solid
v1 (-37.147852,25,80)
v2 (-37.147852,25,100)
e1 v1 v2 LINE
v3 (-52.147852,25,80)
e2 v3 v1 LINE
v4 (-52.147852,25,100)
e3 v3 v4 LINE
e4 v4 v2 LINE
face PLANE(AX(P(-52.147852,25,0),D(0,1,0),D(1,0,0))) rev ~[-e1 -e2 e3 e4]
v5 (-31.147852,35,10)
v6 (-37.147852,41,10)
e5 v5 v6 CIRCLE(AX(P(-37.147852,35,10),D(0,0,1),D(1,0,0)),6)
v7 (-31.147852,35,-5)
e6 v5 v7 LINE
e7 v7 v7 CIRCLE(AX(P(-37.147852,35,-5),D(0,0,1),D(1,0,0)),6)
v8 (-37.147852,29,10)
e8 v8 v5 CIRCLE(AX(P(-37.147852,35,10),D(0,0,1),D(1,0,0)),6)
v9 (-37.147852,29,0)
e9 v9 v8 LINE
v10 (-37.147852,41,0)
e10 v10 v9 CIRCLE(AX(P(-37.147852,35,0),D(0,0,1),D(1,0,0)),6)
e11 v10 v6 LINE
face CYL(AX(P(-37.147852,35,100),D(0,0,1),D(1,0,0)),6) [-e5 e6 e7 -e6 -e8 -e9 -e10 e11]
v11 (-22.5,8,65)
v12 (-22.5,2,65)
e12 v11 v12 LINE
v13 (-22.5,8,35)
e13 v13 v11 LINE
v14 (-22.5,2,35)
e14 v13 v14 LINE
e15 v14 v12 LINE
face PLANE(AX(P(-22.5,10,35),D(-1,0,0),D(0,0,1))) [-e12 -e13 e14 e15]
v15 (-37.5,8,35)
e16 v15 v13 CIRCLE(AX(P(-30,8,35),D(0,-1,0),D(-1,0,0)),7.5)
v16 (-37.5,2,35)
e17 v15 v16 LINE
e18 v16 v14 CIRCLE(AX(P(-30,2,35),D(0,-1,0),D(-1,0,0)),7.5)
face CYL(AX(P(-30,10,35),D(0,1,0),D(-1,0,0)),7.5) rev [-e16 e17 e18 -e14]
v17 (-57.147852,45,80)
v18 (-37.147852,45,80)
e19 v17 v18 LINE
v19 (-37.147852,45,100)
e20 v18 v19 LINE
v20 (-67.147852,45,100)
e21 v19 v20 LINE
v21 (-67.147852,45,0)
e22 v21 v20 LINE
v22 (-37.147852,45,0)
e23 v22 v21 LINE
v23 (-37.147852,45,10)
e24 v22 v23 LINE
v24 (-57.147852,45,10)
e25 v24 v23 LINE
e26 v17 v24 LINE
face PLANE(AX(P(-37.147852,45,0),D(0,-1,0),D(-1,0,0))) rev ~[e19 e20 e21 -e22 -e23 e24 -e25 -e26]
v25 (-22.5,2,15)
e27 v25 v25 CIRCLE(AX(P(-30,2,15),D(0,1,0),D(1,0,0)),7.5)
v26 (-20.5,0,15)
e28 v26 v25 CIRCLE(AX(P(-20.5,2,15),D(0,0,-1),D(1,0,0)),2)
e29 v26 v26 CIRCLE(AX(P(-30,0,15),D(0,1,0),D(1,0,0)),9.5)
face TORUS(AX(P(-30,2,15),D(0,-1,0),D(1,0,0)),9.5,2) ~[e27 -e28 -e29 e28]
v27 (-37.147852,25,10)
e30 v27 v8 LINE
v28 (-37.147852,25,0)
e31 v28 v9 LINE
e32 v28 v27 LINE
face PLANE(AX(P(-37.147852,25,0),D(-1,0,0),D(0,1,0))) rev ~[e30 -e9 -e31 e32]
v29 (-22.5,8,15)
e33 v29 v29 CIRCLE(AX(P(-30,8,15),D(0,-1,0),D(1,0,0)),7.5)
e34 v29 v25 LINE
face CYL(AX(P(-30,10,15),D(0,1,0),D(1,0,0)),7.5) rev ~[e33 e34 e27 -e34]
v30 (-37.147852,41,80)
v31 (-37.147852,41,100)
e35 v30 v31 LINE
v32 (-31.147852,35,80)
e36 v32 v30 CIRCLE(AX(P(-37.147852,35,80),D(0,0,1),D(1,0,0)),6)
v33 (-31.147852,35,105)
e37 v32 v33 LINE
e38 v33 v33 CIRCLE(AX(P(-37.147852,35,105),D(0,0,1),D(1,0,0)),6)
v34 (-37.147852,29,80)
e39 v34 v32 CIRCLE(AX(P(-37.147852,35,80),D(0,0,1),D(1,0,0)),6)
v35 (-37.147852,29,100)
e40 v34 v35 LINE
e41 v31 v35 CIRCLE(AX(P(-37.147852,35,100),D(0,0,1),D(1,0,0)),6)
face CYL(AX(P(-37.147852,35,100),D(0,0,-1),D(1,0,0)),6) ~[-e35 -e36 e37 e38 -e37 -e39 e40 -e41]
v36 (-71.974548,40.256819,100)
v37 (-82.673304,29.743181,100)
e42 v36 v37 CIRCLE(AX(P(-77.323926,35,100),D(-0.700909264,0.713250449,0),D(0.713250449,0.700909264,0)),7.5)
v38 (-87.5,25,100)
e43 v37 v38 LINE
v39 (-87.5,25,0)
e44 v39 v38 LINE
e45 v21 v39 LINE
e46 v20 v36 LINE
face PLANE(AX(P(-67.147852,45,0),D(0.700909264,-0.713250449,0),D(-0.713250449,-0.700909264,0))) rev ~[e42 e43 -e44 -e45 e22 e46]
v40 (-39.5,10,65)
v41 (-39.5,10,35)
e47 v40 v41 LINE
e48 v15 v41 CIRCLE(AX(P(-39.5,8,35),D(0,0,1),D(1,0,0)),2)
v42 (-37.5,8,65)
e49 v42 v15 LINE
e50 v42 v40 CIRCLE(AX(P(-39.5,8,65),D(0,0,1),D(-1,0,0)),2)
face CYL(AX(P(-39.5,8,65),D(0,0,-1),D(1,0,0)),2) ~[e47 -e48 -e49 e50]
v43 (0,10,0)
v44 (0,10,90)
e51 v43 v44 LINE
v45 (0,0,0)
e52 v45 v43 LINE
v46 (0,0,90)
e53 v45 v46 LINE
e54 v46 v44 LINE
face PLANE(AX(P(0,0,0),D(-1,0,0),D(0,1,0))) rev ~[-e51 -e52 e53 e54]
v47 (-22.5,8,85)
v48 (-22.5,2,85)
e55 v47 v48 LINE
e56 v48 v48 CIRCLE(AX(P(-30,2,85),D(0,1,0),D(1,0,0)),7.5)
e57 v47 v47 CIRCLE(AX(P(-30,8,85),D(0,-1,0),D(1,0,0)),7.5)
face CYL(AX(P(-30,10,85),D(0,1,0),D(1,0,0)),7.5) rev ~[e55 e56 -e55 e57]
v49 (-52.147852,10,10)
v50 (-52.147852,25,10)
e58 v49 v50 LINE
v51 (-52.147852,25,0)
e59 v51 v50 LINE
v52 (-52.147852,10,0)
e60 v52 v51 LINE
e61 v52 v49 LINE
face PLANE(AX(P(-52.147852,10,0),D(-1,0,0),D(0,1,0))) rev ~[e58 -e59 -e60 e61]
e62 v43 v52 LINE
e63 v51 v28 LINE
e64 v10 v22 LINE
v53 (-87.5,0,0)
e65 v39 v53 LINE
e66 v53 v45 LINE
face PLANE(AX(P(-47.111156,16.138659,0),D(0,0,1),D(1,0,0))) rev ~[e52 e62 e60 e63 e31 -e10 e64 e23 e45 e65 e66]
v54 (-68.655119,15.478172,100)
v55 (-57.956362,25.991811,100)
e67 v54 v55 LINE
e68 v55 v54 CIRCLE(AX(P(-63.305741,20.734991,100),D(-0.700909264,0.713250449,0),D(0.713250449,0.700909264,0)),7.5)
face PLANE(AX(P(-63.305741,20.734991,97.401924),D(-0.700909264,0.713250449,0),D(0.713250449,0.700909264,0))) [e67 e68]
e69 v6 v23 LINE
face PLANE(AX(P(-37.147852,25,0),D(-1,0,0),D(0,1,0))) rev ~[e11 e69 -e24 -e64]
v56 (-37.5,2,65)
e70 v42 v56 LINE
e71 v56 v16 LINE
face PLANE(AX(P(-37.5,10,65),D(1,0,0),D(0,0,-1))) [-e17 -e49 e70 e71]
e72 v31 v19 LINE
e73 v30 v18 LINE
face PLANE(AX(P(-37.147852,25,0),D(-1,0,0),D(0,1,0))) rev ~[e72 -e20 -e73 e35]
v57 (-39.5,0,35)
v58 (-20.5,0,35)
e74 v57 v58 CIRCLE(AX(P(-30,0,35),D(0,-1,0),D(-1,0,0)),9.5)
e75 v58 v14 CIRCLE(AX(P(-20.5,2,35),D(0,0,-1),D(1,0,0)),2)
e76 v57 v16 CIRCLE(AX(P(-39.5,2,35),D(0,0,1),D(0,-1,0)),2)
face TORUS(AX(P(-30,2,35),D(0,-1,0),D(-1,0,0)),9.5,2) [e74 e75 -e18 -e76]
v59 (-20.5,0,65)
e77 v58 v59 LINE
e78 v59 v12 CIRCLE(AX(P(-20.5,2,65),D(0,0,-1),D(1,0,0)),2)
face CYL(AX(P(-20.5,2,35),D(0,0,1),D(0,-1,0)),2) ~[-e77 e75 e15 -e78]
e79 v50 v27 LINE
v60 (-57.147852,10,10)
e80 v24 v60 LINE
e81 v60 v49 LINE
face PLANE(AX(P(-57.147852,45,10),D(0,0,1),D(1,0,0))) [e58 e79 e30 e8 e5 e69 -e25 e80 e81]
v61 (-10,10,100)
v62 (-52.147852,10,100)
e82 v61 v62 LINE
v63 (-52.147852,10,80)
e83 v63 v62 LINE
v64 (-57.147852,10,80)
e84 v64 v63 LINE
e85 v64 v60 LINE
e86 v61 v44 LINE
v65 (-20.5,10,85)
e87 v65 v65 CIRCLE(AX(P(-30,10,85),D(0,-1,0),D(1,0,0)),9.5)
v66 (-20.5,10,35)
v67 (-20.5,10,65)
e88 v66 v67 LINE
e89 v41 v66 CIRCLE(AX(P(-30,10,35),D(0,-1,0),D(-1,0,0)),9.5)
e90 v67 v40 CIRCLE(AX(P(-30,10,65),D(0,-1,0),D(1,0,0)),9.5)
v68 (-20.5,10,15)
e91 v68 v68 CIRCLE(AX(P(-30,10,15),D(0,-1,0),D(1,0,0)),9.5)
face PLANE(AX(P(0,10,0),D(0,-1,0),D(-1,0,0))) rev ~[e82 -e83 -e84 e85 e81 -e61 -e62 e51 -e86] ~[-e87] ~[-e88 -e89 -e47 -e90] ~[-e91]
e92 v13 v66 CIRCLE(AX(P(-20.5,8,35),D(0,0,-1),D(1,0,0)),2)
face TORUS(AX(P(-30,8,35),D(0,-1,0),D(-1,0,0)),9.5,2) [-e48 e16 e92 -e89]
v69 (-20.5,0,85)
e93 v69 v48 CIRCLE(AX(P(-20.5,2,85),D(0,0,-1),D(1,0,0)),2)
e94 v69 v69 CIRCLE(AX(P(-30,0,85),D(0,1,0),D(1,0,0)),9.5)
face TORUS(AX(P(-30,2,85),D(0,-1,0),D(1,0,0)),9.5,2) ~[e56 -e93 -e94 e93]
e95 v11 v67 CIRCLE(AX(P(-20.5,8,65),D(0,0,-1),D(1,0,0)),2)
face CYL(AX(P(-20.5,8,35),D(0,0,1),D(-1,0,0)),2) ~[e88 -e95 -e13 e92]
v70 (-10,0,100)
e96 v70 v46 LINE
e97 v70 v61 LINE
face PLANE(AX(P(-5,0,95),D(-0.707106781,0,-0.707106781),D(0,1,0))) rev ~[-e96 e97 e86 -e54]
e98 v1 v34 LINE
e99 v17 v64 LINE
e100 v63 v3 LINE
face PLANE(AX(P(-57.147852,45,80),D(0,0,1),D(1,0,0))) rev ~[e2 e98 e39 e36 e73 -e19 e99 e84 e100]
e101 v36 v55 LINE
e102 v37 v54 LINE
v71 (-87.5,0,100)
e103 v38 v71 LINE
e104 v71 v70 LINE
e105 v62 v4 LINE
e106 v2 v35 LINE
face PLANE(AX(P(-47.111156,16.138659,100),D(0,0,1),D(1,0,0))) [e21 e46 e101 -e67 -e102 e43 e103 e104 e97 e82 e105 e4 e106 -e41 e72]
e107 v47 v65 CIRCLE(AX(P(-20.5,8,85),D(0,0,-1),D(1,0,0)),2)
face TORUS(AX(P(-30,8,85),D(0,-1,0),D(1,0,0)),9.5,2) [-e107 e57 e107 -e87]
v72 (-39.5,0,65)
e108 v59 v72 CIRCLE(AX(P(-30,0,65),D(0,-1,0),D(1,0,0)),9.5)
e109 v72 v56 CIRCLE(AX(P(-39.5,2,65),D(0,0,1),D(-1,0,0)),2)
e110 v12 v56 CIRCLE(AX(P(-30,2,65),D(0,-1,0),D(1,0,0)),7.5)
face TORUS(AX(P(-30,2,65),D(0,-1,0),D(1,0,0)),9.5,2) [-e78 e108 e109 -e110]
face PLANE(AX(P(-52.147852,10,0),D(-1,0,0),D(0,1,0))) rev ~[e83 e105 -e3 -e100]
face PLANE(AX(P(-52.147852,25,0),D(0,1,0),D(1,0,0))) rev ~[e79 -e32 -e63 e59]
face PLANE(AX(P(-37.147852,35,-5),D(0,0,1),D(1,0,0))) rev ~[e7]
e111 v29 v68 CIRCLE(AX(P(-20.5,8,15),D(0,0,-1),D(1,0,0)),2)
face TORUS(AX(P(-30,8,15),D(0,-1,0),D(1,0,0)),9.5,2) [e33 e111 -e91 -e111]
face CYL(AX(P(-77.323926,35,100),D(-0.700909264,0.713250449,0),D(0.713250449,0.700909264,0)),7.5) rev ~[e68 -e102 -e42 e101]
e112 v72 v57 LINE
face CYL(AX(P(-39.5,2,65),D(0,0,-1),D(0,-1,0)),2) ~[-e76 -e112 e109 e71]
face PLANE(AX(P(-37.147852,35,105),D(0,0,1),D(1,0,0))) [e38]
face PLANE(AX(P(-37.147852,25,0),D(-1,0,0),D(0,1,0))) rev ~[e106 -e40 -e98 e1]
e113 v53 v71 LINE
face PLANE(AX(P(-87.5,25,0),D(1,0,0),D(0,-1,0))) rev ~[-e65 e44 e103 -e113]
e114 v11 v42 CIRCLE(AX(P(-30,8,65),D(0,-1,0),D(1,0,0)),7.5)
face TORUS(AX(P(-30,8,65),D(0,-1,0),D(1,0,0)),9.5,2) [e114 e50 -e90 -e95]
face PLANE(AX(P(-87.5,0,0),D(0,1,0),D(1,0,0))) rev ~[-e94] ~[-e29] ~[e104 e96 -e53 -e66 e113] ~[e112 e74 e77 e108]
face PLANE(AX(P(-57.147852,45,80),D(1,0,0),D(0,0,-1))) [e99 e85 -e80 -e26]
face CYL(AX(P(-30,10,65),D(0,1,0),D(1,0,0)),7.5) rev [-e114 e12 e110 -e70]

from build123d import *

# Parameters (mm, degrees)
BOSS_EXTRUDE1_DEPTH      = 100
SKETCH2_R                = 6
BOSS_EXTRUDE3_DEPTH      = 5
BOSS_EXTRUDE3_DEPTH_BACK = 105
SKETCH3_W                = 26
SKETCH3_H                = 70
CUT_EXTRUDE2_DEPTH       = 35
SKETCH4_R                = 7.5
CUT_EXTRUDE3_DEPTH       = 10
CUT_EXTRUDE4_DEPTH       = 20
CHAMFER1_SIZE            = 10
FILLET1_R                = 2


with BuildPart() as part:
    # Sketch1 → Boss-Extrude1 (new body)
    with BuildSketch(Plane.XY):
        Polygon((-87.5, 0), (0, 0), (0, 10), (-52.147852141, 10), (-52.147852141, 25), (-37.147852141, 25), (-37.147852141, 45), (-67.147852141, 45), (-87.5, 25), align=None)
    extrude(amount=BOSS_EXTRUDE1_DEPTH)

    # Sketch2 → Boss-Extrude3 (add, two sides)
    with BuildSketch(Plane.XY.offset(100)) as boss_extrude3_sk:
        with Locations((-37.147852141, 35)):
            Circle(SKETCH2_R)
    extrude(amount=BOSS_EXTRUDE3_DEPTH)
    extrude(boss_extrude3_sk.sketch, amount=-BOSS_EXTRUDE3_DEPTH_BACK)

    # Sketch3 → Cut-Extrude2 (cut)
    with BuildSketch(Plane(origin=(0, 45, 0), x_dir=(1, 0, 0), z_dir=(0, 1, 0))):
        with Locations((-44.147852141, -45)):
            Rectangle(SKETCH3_W, SKETCH3_H)
    extrude(amount=-CUT_EXTRUDE2_DEPTH, mode=Mode.SUBTRACT)

    # Sketch4 → Cut-Extrude3 (cut)
    with BuildSketch(Plane(origin=(0, 10, 0), x_dir=(1, 0, 0), z_dir=(0, 1, 0))):
        with Locations((-30, -85)):
            Circle(SKETCH4_R)
        with Locations((-30, -15)):
            Circle(SKETCH4_R)
        with BuildLine():
            Line((-37.5, -65), (-37.5, -35))
            ThreePointArc((-37.5, -35), (-30, -27.5), (-22.5, -35))
            Line((-22.5, -35), (-22.5, -65))
            ThreePointArc((-22.5, -65), (-30, -72.5), (-37.5, -65))
        make_face()
    extrude(amount=-CUT_EXTRUDE3_DEPTH, mode=Mode.SUBTRACT)

    # Sketch5 → Cut-Extrude4 (cut)
    with BuildSketch(Plane(origin=(-55.484553408, 56.461491744, 0), x_dir=(0.713250449, 0.700909264, 0), z_dir=(-0.700909264, 0.713250449, 0))):
        with BuildLine():
            Line((-38.119500749, -100), (-23.119500749, -100))
            ThreePointArc((-23.119500749, -100), (-30.619500749, -92.5), (-38.119500749, -100))
        make_face()
    extrude(amount=-CUT_EXTRUDE4_DEPTH, mode=Mode.SUBTRACT)

    # Chamfer1
    chamfer1_edges = [part.edges().sort_by_distance(p)[0] for p in [
        (0, 5, 100),
    ]]
    chamfer(chamfer1_edges, length=CHAMFER1_SIZE)

    # Fillet1
    fillet1_edges = [part.edges().sort_by_distance(p)[0] for p in [
        (-37.5, 10, 85),
        (-37.5, 0, 85),
        (-37.5, 10, 15),
        (-37.5, 0, 15),
        (-30, 10, 72.5),
        (-22.5, 10, 50),
        (-30, 10, 27.5),
        (-37.5, 10, 50),
        (-30, 0, 72.5),
        (-37.5, 0, 50),
        (-30, 0, 27.5),
        (-22.5, 0, 50),
    ]]
    fillet(fillet1_edges, radius=FILLET1_R)


solid = part.part
